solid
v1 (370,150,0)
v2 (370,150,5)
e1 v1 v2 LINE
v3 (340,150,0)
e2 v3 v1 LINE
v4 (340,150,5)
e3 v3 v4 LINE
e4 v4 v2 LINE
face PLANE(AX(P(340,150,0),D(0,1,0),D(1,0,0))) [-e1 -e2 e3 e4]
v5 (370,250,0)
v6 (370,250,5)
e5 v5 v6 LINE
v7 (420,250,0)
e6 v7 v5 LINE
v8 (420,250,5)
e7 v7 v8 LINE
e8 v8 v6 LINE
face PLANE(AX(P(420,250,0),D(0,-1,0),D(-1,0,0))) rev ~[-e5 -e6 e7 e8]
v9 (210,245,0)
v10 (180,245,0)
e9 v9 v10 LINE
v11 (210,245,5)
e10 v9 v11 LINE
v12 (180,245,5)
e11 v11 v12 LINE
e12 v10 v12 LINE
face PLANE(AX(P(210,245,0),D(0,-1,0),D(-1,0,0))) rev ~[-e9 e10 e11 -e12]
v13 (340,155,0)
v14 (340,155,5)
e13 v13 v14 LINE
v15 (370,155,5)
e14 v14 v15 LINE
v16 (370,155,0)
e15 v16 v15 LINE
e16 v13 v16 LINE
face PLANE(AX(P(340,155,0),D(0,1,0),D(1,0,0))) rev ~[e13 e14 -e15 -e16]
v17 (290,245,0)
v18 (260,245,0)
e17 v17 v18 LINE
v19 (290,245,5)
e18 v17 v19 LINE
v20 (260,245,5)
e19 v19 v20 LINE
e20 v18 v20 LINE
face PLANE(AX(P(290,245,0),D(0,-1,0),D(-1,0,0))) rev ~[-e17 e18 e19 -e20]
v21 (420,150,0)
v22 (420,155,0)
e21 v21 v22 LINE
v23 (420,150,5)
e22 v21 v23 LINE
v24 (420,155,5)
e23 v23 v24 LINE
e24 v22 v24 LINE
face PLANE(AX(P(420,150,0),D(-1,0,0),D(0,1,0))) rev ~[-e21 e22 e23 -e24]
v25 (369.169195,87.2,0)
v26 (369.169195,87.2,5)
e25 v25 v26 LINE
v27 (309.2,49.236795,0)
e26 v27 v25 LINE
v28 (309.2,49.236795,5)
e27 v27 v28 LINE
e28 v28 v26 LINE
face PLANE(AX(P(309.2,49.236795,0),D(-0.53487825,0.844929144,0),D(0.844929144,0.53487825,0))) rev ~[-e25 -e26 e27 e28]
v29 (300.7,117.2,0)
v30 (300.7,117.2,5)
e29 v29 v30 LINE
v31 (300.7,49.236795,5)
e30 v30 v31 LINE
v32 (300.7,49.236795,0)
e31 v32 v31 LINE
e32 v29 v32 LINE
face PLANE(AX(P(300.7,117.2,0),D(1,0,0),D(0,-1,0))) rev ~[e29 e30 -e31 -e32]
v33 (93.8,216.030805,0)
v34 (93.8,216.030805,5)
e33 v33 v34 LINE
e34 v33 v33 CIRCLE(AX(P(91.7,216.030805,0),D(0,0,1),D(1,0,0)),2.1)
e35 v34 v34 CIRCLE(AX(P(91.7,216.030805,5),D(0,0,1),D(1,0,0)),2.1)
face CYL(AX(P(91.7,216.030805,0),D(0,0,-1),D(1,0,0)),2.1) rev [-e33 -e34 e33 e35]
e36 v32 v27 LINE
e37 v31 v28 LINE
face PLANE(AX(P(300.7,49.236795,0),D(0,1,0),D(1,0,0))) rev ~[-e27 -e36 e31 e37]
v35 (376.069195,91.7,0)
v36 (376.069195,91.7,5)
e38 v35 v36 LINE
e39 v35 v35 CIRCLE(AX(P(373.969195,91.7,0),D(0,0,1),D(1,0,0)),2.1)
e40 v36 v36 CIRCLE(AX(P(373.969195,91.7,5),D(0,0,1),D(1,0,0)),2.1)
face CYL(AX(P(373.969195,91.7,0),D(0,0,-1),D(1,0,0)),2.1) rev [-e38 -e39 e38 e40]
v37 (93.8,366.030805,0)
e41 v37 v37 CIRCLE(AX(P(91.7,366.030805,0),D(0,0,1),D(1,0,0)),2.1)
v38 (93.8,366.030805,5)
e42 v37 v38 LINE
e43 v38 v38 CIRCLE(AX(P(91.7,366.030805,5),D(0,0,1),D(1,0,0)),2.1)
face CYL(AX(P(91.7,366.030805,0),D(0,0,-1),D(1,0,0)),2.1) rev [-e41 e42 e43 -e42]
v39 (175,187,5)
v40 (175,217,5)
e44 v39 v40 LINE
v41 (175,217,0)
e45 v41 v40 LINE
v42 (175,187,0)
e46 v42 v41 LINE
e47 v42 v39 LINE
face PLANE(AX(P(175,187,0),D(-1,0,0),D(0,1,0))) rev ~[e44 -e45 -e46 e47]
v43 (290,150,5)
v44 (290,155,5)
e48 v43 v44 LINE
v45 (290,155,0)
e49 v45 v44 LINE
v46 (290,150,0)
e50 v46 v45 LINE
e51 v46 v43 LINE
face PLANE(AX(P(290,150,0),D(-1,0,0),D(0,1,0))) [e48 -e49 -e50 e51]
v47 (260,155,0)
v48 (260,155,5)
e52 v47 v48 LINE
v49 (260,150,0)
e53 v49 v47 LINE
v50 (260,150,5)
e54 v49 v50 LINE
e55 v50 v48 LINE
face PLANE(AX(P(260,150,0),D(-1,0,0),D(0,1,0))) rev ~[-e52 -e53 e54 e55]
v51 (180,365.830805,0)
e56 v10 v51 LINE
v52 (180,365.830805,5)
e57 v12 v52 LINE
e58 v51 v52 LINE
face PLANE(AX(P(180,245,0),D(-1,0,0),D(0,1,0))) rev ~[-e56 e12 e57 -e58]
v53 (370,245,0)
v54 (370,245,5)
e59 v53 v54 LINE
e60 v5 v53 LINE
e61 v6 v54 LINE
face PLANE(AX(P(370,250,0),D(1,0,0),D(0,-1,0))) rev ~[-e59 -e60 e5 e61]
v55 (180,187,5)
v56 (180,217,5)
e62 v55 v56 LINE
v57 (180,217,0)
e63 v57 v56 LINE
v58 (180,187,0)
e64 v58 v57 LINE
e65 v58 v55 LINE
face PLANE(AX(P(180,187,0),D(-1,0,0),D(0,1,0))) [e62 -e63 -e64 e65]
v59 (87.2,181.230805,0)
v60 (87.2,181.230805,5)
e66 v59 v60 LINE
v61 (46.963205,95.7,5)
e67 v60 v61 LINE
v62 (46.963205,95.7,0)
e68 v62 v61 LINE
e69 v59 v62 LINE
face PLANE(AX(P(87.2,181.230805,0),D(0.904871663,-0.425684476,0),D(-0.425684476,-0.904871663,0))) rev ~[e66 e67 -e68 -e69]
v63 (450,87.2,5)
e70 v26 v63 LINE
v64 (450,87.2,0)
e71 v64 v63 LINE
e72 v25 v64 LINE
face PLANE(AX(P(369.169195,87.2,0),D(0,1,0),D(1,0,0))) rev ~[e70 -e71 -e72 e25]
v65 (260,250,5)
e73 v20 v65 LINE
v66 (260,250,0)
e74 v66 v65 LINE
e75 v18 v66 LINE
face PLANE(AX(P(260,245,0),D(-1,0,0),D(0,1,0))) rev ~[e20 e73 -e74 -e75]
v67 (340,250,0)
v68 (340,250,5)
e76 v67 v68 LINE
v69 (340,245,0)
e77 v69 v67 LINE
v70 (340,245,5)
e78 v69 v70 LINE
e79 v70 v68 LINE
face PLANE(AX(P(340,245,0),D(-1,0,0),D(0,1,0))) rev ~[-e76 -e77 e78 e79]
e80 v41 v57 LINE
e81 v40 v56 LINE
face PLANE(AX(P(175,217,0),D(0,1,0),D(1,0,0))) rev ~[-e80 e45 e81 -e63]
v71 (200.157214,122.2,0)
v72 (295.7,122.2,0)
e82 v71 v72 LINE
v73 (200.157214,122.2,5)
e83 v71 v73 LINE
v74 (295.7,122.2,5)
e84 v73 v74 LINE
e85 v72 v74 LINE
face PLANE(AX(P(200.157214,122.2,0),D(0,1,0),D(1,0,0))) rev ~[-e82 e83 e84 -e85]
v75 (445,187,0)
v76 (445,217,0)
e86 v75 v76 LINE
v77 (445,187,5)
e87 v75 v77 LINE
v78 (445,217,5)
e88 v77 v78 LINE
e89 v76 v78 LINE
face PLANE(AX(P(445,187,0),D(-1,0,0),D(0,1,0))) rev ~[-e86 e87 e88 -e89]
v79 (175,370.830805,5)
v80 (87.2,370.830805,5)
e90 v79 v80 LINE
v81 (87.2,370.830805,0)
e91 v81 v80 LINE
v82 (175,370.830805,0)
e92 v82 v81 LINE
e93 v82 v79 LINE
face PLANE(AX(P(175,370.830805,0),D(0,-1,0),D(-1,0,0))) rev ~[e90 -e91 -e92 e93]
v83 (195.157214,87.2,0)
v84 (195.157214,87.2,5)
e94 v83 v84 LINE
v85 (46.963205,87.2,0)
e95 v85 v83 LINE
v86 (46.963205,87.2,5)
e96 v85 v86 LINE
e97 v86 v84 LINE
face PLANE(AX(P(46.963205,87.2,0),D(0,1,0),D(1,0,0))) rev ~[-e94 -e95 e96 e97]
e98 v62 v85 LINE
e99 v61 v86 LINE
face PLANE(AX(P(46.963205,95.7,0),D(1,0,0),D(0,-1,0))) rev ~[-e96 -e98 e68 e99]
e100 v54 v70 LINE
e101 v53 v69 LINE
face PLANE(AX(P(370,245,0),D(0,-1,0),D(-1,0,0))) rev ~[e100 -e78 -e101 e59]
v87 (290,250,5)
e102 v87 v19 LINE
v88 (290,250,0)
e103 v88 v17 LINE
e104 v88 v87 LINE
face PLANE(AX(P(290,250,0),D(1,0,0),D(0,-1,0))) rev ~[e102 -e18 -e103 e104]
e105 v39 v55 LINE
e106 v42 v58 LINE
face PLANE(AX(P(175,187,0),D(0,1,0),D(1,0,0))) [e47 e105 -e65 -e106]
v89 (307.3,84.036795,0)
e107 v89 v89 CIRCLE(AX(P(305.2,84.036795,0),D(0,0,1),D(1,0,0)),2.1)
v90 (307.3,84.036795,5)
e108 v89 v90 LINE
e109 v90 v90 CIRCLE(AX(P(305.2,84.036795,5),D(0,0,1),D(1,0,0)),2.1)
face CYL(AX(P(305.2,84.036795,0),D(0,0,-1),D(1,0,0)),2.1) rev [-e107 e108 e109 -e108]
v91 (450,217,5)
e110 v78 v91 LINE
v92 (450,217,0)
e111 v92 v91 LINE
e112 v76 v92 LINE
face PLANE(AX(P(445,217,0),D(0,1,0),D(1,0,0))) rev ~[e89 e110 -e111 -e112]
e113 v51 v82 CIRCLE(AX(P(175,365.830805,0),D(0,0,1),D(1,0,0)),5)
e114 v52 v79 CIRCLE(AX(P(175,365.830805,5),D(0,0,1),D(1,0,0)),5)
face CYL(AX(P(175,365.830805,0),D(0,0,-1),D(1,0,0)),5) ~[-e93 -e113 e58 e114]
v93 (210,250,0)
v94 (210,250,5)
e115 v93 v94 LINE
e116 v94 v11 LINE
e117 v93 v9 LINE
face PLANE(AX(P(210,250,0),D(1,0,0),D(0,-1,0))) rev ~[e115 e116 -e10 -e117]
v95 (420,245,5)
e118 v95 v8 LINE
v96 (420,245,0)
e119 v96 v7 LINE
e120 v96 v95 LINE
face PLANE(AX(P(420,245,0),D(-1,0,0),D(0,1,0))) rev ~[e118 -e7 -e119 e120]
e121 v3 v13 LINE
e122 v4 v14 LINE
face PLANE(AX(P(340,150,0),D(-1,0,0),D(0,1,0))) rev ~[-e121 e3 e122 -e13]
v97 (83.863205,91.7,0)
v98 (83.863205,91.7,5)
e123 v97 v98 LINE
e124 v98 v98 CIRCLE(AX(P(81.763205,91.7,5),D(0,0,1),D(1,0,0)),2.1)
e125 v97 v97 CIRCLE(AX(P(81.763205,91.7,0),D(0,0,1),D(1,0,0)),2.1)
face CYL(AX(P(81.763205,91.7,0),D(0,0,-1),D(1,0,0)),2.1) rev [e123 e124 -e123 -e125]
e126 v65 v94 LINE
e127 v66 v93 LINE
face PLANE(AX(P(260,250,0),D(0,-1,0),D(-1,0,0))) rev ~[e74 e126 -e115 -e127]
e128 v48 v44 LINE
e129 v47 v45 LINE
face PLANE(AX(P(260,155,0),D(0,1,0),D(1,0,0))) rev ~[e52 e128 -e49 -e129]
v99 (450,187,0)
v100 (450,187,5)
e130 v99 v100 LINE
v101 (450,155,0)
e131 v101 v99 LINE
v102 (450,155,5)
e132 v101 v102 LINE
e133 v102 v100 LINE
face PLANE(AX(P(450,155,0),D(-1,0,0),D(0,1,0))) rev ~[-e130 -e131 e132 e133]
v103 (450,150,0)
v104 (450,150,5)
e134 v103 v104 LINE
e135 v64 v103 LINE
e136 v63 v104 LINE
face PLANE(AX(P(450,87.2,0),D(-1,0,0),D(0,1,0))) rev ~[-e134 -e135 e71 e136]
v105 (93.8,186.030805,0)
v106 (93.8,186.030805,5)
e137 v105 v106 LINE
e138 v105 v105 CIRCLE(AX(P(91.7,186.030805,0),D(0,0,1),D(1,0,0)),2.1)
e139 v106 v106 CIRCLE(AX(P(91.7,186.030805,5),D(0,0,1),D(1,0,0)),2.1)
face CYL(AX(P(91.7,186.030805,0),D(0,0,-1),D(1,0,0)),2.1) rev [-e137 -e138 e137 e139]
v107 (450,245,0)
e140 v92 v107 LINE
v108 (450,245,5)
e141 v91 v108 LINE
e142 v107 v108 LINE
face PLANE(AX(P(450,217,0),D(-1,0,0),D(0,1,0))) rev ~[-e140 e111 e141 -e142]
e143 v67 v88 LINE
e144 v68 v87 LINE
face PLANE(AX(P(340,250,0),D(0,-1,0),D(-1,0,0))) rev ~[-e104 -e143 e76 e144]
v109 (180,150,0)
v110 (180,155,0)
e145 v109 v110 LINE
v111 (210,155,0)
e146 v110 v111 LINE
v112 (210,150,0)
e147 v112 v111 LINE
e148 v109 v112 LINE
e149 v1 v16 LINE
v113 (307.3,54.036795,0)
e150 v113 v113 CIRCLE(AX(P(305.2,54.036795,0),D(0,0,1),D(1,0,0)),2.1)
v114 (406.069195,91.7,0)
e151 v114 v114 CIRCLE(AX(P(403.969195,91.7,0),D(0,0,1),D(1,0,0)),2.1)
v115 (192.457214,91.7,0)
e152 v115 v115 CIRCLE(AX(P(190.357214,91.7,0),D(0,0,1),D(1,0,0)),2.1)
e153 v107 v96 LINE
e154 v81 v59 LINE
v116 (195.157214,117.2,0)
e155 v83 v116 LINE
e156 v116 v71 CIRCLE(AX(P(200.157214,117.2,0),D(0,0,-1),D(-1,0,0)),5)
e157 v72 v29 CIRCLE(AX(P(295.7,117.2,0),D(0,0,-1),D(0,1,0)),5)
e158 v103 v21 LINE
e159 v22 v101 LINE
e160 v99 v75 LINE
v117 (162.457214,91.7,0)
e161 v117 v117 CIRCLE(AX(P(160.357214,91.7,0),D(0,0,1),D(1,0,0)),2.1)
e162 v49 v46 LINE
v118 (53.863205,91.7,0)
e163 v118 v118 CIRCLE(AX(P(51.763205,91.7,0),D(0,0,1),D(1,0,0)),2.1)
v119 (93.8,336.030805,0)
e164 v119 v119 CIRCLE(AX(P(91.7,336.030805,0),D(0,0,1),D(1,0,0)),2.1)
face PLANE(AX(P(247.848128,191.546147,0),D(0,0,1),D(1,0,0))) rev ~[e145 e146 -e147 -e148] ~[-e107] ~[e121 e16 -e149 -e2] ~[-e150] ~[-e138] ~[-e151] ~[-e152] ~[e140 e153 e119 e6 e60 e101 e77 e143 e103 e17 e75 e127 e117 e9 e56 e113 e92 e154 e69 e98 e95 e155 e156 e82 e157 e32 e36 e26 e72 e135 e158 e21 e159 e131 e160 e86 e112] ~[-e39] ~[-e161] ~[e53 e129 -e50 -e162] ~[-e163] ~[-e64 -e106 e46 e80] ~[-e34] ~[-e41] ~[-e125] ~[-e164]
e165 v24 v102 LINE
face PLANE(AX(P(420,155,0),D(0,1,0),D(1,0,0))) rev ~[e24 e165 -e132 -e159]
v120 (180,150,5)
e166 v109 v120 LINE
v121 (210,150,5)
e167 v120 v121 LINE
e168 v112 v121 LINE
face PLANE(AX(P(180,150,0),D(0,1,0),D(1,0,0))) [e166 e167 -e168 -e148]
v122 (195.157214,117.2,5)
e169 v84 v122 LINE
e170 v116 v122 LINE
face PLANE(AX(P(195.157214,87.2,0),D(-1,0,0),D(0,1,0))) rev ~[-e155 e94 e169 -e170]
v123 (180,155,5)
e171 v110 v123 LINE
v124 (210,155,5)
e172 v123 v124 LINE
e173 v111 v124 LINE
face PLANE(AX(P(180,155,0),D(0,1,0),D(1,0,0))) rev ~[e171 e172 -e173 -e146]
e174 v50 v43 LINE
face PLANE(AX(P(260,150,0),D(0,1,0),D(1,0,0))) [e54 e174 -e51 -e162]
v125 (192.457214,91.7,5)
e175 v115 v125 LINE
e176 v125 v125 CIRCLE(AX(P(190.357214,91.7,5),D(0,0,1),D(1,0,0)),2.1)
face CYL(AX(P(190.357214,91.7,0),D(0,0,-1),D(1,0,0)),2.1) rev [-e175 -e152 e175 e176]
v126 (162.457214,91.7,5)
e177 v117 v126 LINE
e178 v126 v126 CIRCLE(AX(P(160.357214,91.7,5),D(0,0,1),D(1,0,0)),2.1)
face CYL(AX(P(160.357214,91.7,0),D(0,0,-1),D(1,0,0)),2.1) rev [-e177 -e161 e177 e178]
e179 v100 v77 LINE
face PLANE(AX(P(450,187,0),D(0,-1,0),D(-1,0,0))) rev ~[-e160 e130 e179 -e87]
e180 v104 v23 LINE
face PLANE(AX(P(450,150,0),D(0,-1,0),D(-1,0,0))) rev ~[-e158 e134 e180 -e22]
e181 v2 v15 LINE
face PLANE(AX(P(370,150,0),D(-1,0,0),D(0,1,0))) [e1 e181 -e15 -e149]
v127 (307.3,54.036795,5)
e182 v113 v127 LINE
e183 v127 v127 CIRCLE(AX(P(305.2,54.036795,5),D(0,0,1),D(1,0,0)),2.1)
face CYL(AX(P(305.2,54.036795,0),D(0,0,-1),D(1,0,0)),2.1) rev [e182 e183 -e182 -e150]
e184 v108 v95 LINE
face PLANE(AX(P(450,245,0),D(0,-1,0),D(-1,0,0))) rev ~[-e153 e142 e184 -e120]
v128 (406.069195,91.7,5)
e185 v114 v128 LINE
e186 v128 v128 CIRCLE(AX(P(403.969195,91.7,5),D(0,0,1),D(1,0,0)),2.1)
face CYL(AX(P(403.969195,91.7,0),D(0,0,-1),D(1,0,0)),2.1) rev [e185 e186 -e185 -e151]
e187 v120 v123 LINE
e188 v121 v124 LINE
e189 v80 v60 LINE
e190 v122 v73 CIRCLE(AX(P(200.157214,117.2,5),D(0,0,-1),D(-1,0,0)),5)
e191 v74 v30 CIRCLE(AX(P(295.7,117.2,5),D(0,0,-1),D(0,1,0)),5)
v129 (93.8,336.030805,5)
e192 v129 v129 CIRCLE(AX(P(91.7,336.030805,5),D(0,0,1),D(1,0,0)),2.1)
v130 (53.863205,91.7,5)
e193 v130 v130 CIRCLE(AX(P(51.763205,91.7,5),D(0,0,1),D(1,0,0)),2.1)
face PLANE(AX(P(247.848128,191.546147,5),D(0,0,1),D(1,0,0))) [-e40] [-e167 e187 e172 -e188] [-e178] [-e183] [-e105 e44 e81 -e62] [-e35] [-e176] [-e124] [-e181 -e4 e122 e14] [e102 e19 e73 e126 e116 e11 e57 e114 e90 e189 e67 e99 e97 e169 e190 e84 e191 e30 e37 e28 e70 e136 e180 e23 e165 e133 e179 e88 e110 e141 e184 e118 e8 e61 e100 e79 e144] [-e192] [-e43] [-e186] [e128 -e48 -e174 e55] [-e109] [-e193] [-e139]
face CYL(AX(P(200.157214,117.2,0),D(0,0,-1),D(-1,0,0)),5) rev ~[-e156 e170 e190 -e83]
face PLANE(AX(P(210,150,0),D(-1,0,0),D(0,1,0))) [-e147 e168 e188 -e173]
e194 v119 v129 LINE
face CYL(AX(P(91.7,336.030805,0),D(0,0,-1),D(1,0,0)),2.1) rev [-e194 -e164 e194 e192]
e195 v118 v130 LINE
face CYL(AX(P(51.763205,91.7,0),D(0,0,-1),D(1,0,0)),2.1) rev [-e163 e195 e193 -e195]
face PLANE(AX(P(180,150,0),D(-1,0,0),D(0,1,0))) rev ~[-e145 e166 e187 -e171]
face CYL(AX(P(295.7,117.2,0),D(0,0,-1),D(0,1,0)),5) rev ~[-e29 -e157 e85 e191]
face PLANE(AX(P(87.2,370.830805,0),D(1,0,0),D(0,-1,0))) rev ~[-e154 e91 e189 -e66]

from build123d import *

# Parameters (mm, degrees)
SKETCH1_R           = 2.1
SKETCH1_W           = 30
SKETCH1_H           = 5
SKETCH1_W_2         = 5
SKETCH1_H_2         = 30
BOSS_EXTRUDE1_DEPTH = 5


with BuildPart() as part:
    # Sketch1 → Boss-Extrude1 (new body)
    with BuildSketch(Plane.XY):
        with BuildLine():
            Line((175, 370.830805108), (95.700000001, 370.830805108))
            Line((95.700000001, 370.830805108), (87.2, 370.830805108))
            Line((87.2, 370.830805108), (87.2, 331.230805108))
            Line((87.2, 331.230805108), (87.2, 220.830805108))
            Line((87.2, 220.830805108), (87.2, 181.230805108))
            Line((87.2, 181.230805108), (46.963204669, 95.700000001))
            Line((46.963204669, 95.700000001), (46.963204669, 87.2))
            Line((46.963204669, 87.2), (86.563204669, 87.2))
            Line((86.563204669, 87.2), (155.557214446, 87.2))
            Line((155.557214446, 87.2), (195.157214446, 87.2))
            Line((195.157214446, 87.2), (195.157214446, 117.2))
            ThreePointArc((195.157214446, 117.2), (196.62168054, 120.735533906), (200.157214446, 122.2))
            Line((200.157214446, 122.2), (295.7, 122.2))
            ThreePointArc((295.7, 122.2), (299.235533906, 120.735533906), (300.7, 117.2))
            Line((300.7, 117.2), (300.7, 88.836795331))
            Line((300.7, 88.836795331), (300.7, 49.236795331))
            Line((300.7, 49.236795331), (309.200000001, 49.236795331))
            Line((309.200000001, 49.236795331), (369.169194892, 87.2))
            Line((369.169194892, 87.2), (408.769194892, 87.2))
            Line((408.769194892, 87.2), (450, 87.2))
            Line((450, 87.2), (450, 150))
            Line((450, 150), (420, 150))
            Line((420, 150), (420, 155))
            Line((420, 155), (450, 155))
            Line((450, 155), (450, 187))
            Line((450, 187), (445, 187))
            Line((445, 187), (445, 217))
            Line((445, 217), (450, 217))
            Line((450, 217), (450, 245))
            Line((450, 245), (420, 245))
            Line((420, 245), (420, 250))
            Line((420, 250), (370, 250))
            Line((370, 250), (370, 245))
            Line((370, 245), (340, 245))
            Line((340, 245), (340, 250))
            Line((340, 250), (290, 250))
            Line((290, 250), (290, 245))
            Line((290, 245), (260, 245))
            Line((260, 245), (260, 250))
            Line((260, 250), (210, 250))
            Line((210, 250), (210, 245))
            Line((210, 245), (180, 245))
            Line((180, 245), (180, 365.830805108))
            ThreePointArc((180, 365.830805108), (178.535533906, 369.366339014), (175, 370.830805108))
        make_face()
        with Locations((51.763204669, 91.700000001)):
            Circle(SKETCH1_R, mode=Mode.SUBTRACT)
        with Locations((81.763204669, 91.700000001)):
            Circle(SKETCH1_R, mode=Mode.SUBTRACT)
        with Locations((160.357214446, 91.700000001)):
            Circle(SKETCH1_R, mode=Mode.SUBTRACT)
        with Locations((190.357214446, 91.700000001)):
            Circle(SKETCH1_R, mode=Mode.SUBTRACT)
        with Locations((91.700000001, 186.030805108)):
            Circle(SKETCH1_R, mode=Mode.SUBTRACT)
        with Locations((195, 152.5)):
            Rectangle(SKETCH1_W, SKETCH1_H, mode=Mode.SUBTRACT)
        with Locations((177.5, 202)):
            Rectangle(SKETCH1_W_2, SKETCH1_H_2, mode=Mode.SUBTRACT)
        with Locations((305.200000001, 54.036795331)):
            Circle(SKETCH1_R, mode=Mode.SUBTRACT)
        with Locations((305.200000001, 84.036795331)):
            Circle(SKETCH1_R, mode=Mode.SUBTRACT)
        with Locations((373.969194892, 91.700000001)):
            Circle(SKETCH1_R, mode=Mode.SUBTRACT)
        with Locations((403.969194892, 91.700000001)):
            Circle(SKETCH1_R, mode=Mode.SUBTRACT)
        with Locations((275, 152.5)):
            Rectangle(SKETCH1_W, SKETCH1_H, mode=Mode.SUBTRACT)
        with Locations((355, 152.5)):
            Rectangle(SKETCH1_W, SKETCH1_H, mode=Mode.SUBTRACT)
        with Locations((91.700000001, 216.030805108)):
            Circle(SKETCH1_R, mode=Mode.SUBTRACT)
        with Locations((91.700000001, 336.030805108)):
            Circle(SKETCH1_R, mode=Mode.SUBTRACT)
        with Locations((91.700000001, 366.030805108)):
            Circle(SKETCH1_R, mode=Mode.SUBTRACT)
    extrude(amount=BOSS_EXTRUDE1_DEPTH)


solid = part.part
